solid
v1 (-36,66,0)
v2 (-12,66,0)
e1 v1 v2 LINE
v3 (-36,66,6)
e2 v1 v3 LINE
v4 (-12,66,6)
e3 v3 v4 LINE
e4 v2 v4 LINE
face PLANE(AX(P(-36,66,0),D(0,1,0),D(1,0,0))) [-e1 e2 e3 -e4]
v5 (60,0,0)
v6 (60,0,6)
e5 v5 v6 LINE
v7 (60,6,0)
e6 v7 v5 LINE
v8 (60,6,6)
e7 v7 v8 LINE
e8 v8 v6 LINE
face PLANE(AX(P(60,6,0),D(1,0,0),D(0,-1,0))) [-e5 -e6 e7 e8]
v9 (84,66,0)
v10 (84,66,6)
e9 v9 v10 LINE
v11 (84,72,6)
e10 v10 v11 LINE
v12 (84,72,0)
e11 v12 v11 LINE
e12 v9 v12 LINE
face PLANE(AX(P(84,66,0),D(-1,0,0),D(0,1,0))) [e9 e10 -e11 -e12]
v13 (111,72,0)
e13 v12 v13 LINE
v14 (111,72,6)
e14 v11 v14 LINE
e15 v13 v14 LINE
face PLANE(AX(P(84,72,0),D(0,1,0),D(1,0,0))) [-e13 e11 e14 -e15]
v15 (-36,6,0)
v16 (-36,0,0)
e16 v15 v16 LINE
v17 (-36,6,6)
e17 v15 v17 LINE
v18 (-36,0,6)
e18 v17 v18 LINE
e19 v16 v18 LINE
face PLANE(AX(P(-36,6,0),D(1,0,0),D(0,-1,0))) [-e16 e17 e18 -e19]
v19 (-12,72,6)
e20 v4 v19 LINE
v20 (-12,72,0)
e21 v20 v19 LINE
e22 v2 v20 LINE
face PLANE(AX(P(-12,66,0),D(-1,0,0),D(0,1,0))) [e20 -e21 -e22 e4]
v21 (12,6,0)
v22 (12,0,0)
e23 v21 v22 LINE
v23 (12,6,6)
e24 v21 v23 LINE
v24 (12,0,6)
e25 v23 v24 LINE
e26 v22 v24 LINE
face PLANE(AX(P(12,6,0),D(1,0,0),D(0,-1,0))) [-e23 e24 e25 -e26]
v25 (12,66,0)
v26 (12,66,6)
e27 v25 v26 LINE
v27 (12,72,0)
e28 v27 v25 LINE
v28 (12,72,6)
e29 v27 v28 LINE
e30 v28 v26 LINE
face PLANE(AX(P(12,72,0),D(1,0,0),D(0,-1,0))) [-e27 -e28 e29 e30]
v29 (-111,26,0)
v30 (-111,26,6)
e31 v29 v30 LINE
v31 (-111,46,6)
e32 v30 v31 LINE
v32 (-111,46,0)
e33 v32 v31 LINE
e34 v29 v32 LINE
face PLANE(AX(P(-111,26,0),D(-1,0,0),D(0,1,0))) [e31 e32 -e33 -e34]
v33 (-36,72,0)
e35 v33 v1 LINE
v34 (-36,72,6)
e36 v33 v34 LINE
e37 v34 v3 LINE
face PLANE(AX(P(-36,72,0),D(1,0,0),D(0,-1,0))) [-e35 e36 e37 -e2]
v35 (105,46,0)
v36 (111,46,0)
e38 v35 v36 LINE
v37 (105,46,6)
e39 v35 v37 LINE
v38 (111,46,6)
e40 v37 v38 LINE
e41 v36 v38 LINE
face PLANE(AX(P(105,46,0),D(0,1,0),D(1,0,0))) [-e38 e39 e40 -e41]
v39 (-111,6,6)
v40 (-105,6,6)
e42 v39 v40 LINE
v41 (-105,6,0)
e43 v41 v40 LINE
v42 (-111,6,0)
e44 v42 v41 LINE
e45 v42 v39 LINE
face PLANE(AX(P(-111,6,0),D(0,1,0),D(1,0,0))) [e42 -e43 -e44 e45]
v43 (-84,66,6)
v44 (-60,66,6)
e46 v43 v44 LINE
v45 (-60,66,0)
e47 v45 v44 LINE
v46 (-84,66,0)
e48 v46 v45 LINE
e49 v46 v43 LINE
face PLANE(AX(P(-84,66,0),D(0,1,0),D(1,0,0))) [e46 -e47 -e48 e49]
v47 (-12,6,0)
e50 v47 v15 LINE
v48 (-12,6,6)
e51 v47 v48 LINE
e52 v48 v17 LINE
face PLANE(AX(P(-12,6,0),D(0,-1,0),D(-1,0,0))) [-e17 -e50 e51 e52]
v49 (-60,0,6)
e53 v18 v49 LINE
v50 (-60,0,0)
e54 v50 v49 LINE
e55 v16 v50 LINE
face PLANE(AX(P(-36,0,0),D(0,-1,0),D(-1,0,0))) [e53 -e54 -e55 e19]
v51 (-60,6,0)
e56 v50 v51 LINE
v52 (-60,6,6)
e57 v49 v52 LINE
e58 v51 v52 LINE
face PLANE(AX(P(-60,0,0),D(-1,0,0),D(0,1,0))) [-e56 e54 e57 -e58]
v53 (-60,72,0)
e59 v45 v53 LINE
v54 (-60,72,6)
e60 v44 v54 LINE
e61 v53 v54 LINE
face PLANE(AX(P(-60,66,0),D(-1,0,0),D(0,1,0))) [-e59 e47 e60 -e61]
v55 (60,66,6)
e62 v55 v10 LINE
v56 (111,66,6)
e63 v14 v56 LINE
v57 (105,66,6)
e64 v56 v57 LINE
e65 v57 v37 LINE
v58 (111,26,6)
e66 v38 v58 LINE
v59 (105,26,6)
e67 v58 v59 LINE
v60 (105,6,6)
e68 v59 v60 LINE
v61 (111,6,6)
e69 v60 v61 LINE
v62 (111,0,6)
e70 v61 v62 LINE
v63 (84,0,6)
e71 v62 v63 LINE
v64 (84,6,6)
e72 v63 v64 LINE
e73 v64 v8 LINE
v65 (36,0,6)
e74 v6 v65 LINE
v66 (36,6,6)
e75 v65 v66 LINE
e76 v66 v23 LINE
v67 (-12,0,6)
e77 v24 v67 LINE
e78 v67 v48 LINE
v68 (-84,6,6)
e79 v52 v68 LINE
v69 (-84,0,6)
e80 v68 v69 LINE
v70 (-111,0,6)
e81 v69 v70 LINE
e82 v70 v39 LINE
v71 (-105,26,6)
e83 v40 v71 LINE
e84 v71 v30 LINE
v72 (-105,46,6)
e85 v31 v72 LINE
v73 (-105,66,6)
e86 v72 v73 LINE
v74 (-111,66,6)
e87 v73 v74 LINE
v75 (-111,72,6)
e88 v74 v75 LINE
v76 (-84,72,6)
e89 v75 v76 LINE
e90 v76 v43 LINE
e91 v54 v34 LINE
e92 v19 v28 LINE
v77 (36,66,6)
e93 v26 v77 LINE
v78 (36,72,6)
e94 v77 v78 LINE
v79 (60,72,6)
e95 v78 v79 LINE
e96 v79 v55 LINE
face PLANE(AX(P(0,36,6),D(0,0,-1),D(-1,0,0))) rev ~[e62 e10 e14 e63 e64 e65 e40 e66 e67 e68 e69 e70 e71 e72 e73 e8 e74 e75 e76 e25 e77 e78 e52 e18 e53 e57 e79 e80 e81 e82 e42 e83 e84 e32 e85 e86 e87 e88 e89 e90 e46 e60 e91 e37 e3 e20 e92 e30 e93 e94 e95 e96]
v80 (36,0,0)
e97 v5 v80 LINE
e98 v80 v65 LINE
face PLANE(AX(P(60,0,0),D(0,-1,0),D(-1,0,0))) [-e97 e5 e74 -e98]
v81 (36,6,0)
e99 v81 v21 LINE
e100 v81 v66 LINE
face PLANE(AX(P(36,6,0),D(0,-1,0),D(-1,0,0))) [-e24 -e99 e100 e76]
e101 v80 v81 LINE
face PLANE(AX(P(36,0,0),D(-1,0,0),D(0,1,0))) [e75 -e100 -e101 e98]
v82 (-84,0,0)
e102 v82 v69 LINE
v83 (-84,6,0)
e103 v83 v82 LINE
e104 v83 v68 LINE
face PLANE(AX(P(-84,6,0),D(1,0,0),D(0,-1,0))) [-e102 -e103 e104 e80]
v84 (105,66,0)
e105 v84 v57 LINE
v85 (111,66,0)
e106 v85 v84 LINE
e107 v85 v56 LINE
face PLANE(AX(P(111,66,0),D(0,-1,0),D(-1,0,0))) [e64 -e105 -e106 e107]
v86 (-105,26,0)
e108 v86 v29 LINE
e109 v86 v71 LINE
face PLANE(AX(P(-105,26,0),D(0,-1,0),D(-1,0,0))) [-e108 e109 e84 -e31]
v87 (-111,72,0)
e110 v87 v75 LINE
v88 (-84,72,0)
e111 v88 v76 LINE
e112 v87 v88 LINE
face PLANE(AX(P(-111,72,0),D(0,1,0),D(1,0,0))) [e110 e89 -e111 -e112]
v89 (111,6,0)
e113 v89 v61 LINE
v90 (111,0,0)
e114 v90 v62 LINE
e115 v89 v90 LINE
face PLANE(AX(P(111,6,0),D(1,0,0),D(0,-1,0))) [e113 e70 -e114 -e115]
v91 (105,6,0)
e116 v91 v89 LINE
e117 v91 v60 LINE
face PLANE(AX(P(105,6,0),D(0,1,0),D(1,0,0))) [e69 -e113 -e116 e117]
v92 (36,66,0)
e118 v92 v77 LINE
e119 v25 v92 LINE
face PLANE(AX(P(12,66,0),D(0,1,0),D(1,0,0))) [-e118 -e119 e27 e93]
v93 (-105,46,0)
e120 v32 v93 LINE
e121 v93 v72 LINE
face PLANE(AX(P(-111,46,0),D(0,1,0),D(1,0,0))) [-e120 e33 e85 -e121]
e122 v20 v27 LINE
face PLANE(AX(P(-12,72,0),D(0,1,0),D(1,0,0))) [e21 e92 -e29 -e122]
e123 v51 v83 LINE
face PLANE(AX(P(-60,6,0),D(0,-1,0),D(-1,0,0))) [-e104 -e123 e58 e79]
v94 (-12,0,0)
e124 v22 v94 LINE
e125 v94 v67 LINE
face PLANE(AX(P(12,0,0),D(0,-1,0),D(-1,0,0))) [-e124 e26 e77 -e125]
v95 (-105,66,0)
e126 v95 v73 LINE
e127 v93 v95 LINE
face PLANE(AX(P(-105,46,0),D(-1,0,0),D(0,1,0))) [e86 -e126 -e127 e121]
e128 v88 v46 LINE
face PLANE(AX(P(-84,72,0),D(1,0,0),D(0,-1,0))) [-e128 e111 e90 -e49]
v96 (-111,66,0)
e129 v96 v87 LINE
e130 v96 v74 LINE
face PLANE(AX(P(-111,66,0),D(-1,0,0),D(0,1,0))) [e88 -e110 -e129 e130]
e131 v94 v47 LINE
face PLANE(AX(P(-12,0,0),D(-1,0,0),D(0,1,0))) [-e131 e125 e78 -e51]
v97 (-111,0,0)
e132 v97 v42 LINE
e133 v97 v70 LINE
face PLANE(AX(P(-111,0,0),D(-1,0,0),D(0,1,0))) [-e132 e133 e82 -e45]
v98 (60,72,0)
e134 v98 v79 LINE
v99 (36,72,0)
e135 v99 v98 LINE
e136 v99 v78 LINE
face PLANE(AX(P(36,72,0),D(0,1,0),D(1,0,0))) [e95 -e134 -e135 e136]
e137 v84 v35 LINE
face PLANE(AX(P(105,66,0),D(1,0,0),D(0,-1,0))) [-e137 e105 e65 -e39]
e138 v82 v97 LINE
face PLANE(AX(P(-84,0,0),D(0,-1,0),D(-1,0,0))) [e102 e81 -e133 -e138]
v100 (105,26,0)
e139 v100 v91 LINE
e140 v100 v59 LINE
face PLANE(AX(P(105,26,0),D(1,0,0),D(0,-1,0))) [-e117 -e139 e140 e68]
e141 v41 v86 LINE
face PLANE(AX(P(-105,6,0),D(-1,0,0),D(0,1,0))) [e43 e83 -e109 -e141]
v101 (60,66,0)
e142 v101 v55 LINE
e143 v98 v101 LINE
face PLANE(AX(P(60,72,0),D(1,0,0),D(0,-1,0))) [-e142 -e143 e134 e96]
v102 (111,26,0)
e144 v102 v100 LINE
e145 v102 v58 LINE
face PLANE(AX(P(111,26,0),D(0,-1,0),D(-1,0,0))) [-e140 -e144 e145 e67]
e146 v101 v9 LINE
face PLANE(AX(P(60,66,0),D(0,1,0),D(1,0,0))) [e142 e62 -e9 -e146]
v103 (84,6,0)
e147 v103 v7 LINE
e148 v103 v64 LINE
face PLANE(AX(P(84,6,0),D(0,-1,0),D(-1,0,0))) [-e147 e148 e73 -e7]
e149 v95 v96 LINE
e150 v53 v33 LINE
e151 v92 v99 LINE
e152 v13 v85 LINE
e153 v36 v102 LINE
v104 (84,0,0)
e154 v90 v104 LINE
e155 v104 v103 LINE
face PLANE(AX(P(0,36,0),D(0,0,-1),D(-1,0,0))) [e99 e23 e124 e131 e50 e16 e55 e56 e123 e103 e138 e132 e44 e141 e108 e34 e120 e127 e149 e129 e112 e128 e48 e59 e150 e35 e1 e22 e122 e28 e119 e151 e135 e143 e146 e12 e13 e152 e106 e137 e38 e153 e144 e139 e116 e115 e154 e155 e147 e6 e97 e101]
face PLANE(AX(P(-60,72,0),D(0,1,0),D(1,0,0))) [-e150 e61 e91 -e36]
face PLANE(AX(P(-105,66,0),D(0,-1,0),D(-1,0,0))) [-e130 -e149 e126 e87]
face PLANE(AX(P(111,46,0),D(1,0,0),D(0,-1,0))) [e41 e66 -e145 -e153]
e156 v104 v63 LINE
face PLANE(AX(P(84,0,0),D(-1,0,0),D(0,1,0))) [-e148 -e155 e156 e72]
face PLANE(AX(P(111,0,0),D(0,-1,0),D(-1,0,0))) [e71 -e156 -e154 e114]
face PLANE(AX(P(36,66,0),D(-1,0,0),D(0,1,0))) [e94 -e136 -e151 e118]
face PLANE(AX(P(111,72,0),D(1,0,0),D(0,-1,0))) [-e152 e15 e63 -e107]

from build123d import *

# Parameters (mm, degrees)
BOSS_EXTRUDE1_DEPTH = 6


with BuildPart() as part:
    # Sketch1 → Boss-Extrude1 (new body)
    with BuildSketch(Plane.XY):
        Polygon((-84, 0), (-111, 0), (-111, 6), (-105, 6), (-105, 26), (-111, 26), (-111, 46), (-105, 46), (-105, 66), (-111, 66), (-111, 72), (-84, 72), (-84, 66), (-60, 66), (-60, 72), (-36, 72), (-36, 66), (-12, 66), (-12, 72), (12, 72), (12, 66), (36, 66), (36, 72), (60, 72), (60, 66), (84, 66), (84, 72), (111, 72), (111, 66), (105, 66), (105, 46), (111, 46), (111, 26), (105, 26), (105, 6), (111, 6), (111, 0), (84, 0), (84, 6), (60, 6), (60, 0), (36, 0), (36, 6), (12, 6), (12, 0), (-12, 0), (-12, 6), (-36, 6), (-36, 0), (-60, 0), (-60, 6), (-84, 6), align=None)
    extrude(amount=BOSS_EXTRUDE1_DEPTH)


solid = part.part
